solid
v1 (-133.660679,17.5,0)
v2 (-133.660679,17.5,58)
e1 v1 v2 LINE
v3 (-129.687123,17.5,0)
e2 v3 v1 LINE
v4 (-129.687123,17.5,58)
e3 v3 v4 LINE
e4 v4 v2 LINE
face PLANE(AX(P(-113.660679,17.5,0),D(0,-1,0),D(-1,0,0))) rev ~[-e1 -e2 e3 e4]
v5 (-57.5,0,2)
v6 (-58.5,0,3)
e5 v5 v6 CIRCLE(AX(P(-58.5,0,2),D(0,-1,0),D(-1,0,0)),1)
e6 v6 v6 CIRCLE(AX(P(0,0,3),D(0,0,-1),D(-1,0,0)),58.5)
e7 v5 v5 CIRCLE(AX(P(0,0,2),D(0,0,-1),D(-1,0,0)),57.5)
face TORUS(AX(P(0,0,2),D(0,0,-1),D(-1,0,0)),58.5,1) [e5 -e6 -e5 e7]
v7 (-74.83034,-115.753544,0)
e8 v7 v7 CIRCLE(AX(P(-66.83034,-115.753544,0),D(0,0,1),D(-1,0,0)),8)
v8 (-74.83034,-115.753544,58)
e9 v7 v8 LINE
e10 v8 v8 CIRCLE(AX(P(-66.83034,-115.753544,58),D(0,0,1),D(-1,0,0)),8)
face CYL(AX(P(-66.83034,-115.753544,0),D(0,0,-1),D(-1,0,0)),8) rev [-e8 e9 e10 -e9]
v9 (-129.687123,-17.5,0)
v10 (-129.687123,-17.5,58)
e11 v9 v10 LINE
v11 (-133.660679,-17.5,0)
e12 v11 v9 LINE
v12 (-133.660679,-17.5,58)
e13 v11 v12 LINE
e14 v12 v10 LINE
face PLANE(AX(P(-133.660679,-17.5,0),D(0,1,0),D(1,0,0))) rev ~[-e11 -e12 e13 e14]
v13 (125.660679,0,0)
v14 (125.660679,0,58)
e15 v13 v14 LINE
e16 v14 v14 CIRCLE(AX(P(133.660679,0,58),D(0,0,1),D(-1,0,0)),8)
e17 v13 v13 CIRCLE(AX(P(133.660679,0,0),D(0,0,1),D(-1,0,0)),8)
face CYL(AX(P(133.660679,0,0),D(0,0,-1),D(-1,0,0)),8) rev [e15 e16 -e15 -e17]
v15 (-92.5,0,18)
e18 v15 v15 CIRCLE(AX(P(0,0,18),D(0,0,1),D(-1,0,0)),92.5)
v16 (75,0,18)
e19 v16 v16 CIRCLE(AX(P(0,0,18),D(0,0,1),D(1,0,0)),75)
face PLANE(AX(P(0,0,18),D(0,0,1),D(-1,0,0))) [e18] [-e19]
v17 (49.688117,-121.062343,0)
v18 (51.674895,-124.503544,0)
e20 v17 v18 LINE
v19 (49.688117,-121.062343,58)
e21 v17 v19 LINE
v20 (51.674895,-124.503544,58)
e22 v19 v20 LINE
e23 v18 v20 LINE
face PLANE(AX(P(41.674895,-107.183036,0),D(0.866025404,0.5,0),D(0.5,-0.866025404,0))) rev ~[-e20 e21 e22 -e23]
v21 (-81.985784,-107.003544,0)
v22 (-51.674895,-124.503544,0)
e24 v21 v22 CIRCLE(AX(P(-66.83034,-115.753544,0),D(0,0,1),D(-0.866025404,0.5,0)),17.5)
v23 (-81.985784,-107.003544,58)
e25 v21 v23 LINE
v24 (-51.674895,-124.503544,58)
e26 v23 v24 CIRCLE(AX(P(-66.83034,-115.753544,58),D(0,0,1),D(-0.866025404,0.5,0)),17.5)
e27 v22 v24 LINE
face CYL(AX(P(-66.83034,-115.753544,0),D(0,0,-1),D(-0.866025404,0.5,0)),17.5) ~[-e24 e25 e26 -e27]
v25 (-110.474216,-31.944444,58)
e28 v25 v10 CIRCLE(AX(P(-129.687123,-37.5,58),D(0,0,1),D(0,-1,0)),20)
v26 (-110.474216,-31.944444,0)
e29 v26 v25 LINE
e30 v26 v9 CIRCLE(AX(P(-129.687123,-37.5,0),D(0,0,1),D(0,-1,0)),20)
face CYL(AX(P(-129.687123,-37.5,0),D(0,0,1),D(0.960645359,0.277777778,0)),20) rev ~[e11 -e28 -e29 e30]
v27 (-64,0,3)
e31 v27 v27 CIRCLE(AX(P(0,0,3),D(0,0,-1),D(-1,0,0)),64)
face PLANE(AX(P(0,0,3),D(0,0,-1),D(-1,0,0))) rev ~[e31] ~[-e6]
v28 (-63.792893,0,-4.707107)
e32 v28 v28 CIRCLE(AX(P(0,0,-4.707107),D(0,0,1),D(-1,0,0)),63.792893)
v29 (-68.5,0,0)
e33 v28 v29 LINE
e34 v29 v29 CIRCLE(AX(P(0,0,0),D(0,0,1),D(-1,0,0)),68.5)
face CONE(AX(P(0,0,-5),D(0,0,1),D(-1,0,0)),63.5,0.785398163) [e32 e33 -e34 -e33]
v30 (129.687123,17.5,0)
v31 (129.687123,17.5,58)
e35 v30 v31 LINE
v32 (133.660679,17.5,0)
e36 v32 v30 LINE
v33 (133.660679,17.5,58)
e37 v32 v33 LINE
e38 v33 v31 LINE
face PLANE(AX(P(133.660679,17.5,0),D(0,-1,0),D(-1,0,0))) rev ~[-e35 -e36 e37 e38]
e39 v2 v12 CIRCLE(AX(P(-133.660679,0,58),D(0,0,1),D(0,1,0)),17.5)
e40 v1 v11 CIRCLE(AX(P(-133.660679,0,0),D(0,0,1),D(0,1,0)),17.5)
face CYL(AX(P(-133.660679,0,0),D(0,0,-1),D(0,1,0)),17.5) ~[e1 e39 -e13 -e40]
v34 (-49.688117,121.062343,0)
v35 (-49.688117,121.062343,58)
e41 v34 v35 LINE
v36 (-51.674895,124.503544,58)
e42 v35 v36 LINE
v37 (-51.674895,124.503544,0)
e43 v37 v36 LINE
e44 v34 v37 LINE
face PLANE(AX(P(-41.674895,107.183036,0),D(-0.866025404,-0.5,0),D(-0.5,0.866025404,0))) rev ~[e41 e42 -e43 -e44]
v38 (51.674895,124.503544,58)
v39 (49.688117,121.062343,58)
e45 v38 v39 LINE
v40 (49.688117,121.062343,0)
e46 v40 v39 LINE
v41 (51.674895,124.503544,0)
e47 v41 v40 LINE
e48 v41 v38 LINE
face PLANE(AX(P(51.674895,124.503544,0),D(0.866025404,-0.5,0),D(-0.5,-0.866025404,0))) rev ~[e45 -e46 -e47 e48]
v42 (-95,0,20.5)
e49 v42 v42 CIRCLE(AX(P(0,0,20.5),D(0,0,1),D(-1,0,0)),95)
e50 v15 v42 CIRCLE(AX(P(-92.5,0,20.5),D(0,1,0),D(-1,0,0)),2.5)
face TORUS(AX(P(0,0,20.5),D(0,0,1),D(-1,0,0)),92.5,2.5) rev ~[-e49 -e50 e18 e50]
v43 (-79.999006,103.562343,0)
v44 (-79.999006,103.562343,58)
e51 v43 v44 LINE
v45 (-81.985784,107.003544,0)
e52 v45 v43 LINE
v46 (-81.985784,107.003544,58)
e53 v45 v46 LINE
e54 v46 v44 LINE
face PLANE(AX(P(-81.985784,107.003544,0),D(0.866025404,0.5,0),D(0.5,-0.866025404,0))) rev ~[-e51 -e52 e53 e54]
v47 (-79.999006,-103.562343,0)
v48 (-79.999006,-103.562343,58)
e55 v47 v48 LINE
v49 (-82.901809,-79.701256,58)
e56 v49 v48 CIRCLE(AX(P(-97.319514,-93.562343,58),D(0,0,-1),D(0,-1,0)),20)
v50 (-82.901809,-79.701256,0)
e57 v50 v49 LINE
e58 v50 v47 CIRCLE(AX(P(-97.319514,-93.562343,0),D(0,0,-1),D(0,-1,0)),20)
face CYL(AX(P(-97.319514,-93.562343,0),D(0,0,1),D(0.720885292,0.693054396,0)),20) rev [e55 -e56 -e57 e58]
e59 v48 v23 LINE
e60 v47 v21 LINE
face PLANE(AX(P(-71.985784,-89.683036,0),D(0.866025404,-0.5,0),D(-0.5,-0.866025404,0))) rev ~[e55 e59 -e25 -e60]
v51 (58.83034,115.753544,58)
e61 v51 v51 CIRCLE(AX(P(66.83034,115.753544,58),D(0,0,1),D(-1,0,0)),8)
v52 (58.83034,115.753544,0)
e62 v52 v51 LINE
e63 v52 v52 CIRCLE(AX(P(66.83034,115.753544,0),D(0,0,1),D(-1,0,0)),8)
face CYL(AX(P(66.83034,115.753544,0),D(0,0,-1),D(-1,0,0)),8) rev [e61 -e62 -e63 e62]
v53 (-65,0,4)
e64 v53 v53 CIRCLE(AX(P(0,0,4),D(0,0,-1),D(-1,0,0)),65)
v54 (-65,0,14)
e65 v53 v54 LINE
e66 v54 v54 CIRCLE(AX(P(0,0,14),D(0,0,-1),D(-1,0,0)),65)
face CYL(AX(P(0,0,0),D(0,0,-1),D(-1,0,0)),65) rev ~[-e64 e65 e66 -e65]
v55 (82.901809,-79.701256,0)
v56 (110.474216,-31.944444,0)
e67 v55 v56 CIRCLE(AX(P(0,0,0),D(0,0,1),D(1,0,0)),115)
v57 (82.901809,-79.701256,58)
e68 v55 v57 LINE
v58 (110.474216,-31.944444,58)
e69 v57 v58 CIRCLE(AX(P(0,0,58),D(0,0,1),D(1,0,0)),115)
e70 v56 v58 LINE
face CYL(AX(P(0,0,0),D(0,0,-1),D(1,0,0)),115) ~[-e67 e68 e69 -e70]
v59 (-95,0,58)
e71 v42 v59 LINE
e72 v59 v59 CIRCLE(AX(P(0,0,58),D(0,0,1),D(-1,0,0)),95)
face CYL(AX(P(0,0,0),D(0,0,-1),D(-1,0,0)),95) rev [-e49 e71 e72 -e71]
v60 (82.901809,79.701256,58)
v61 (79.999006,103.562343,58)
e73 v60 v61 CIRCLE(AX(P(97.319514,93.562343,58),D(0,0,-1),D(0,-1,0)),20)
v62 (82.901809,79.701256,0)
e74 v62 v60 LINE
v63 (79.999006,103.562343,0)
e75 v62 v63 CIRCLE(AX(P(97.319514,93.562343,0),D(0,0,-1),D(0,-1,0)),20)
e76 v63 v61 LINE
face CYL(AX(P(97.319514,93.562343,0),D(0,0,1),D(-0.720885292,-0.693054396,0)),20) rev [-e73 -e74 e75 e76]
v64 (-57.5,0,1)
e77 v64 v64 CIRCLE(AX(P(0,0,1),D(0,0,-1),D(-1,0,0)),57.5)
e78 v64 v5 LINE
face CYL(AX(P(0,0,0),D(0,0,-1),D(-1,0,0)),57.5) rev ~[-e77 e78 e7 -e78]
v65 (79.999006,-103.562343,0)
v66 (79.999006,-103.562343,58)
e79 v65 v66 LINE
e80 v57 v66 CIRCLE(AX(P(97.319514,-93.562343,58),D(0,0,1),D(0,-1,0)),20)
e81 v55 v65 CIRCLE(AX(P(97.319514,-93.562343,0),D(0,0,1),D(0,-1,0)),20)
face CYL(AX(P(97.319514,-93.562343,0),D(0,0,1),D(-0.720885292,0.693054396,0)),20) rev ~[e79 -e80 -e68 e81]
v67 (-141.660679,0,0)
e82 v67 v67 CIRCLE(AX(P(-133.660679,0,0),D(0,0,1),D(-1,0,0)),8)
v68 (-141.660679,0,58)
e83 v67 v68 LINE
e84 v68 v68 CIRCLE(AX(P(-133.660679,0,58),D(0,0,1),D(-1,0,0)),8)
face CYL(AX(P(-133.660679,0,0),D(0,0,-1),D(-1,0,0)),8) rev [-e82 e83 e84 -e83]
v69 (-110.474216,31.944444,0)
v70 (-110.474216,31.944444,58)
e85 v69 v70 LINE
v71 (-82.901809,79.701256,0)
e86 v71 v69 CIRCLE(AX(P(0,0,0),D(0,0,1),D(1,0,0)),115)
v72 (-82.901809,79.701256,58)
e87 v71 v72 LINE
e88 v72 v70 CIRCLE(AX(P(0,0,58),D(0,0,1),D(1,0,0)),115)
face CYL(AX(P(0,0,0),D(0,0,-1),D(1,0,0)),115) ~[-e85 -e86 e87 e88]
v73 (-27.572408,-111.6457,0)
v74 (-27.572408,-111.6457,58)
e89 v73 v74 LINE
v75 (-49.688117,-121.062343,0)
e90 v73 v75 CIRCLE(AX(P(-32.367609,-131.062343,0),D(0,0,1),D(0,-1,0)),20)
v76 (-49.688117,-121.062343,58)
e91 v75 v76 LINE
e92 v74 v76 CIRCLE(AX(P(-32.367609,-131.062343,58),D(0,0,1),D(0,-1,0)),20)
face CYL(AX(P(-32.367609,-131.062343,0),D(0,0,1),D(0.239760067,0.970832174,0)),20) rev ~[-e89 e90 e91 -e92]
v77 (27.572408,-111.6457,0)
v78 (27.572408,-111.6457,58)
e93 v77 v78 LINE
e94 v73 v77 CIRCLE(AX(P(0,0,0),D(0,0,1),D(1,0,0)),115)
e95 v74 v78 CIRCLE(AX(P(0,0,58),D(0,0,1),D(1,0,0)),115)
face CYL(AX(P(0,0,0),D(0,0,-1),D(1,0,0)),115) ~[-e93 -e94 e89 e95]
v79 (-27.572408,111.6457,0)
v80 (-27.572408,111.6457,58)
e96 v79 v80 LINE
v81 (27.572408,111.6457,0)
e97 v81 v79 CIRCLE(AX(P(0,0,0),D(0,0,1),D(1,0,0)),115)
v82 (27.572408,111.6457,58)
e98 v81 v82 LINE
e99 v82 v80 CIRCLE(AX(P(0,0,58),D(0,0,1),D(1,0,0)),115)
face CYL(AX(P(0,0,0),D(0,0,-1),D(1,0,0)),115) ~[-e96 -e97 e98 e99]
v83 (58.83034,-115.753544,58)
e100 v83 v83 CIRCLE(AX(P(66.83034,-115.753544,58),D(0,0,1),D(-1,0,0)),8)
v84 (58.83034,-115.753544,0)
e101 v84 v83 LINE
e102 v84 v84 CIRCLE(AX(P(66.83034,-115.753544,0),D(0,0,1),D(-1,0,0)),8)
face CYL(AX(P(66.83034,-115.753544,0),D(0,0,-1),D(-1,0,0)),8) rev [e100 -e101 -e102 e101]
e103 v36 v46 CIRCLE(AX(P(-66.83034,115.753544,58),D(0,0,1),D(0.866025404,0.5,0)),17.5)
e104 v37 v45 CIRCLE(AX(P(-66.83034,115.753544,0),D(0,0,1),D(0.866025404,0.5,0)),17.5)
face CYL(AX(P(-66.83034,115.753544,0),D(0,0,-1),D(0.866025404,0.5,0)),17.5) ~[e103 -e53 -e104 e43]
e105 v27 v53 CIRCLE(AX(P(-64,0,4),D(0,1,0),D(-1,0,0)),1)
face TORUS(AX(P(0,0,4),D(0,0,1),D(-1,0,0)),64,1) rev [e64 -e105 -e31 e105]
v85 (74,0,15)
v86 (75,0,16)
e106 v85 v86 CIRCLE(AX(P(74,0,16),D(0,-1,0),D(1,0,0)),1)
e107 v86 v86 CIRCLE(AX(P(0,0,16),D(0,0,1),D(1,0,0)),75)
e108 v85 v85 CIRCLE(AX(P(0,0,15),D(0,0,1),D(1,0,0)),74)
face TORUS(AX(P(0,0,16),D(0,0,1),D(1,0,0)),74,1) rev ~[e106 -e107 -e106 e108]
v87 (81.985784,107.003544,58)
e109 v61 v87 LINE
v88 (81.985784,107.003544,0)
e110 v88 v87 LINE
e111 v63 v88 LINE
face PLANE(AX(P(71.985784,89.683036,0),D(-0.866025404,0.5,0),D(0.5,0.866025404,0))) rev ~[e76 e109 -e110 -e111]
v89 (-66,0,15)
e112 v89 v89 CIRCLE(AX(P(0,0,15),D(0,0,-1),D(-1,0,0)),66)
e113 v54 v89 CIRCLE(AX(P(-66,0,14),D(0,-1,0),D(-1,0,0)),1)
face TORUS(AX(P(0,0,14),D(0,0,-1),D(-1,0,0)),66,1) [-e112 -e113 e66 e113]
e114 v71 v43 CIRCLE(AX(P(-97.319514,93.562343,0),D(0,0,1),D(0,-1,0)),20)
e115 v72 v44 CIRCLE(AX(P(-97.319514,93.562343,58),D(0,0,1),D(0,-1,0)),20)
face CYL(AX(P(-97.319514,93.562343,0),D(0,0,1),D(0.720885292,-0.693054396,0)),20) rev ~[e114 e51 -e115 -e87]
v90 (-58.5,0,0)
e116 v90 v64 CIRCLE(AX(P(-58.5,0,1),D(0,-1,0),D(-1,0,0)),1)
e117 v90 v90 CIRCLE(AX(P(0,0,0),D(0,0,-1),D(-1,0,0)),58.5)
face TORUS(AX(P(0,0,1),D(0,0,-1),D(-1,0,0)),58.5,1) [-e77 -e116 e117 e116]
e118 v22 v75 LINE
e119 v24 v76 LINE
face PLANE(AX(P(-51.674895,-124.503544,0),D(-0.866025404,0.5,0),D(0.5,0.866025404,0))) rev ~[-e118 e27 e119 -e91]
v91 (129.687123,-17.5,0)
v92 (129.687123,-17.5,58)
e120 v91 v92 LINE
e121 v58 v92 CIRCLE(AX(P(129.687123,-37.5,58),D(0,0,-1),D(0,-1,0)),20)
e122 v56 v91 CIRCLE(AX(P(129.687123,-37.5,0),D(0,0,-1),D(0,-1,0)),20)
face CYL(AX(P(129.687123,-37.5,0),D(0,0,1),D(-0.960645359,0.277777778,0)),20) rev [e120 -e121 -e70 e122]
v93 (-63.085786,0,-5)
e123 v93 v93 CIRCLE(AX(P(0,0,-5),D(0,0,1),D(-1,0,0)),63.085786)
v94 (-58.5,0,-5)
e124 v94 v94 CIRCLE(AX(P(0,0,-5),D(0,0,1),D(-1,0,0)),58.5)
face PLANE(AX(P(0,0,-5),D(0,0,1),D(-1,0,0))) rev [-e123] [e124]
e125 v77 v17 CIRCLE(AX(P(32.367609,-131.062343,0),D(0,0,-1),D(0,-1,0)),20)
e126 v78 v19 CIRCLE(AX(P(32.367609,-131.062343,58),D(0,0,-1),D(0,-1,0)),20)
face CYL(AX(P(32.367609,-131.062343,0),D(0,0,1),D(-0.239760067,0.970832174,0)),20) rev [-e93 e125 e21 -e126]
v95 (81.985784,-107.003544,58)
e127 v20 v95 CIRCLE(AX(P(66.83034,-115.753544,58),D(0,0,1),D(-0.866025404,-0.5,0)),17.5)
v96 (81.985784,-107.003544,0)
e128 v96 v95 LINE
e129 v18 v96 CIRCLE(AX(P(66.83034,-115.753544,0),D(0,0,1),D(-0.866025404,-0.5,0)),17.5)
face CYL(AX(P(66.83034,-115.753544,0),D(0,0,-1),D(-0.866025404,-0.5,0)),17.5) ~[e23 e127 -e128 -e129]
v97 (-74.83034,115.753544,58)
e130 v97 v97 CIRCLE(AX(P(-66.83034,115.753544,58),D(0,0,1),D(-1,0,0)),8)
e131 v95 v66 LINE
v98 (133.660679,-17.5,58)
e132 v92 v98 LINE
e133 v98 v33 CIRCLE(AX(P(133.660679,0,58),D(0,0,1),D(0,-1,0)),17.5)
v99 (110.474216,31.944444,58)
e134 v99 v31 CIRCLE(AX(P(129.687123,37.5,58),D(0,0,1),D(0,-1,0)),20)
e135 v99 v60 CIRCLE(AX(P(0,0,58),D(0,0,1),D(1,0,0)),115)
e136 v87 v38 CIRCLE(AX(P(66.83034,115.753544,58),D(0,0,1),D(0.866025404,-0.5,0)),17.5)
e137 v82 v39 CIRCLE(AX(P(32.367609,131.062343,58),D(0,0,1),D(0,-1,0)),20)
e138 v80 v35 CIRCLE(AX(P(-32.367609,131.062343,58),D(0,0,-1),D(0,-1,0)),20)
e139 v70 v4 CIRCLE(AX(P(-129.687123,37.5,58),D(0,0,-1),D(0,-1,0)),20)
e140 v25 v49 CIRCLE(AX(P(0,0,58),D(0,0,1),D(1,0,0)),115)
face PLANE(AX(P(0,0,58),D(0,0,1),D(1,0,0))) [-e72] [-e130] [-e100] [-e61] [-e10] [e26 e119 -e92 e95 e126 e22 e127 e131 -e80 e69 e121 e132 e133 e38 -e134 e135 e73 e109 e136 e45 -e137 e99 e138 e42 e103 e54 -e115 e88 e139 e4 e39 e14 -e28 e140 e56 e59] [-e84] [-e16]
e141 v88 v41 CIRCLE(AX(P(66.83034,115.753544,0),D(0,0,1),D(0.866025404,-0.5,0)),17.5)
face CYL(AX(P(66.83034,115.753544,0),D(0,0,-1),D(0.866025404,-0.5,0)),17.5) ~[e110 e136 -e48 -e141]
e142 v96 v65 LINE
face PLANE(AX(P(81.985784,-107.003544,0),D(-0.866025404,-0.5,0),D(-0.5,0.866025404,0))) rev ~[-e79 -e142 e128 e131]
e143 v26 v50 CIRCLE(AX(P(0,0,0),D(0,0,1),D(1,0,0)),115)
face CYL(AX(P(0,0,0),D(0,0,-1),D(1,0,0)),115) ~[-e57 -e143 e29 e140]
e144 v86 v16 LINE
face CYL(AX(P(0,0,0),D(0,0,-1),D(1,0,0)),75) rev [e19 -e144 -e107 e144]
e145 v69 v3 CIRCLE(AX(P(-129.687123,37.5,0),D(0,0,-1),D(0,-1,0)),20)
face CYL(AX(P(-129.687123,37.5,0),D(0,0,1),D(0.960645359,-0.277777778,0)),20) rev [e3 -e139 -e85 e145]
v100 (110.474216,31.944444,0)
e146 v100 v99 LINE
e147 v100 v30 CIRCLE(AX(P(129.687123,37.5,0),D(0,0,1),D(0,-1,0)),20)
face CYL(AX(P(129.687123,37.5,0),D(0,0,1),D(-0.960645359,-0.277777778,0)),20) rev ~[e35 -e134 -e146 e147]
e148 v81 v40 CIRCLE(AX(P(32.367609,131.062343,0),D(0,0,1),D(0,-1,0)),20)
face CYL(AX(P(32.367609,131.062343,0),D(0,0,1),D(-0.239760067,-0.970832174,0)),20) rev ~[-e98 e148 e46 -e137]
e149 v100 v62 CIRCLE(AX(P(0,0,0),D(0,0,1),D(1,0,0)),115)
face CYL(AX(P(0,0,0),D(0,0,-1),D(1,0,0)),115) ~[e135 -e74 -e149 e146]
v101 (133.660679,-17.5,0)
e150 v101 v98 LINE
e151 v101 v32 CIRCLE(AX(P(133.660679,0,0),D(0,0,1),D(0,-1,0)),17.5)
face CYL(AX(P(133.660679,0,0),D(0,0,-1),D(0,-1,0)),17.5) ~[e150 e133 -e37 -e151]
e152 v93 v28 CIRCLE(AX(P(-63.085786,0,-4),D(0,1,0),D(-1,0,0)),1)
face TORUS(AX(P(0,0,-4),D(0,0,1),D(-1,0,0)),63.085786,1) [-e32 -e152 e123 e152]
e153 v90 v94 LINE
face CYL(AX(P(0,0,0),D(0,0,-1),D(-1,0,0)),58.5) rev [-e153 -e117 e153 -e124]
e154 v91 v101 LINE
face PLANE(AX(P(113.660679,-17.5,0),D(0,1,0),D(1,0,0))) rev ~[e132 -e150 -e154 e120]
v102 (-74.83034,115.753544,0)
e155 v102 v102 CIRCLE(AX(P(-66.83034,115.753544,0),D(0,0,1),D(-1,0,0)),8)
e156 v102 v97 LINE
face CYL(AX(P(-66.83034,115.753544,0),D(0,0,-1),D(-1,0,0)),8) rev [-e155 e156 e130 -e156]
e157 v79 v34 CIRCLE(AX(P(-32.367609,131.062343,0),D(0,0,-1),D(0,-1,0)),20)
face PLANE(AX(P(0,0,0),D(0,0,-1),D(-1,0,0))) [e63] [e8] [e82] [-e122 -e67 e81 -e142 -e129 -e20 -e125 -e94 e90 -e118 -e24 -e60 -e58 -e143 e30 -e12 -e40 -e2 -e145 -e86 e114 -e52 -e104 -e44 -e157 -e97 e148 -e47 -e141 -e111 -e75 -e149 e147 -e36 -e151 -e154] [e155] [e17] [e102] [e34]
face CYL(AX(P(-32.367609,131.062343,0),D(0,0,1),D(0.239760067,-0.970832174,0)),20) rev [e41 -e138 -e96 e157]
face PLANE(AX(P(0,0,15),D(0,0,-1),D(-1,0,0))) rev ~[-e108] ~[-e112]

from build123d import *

# Parameters (mm, degrees)
SKETCH1_R           = 8
SKETCH1_R_2         = 95
BOSS_EXTRUDE1_DEPTH = 58
FILLET5_R           = 20
SKETCH1_3_R         = 95
SKETCH1_3_R_2       = 75
BOSS_EXTRUDE2_DEPTH = 18
FILLET1_R           = 2.5
SKETCH2_R           = 75
SKETCH2_R_2         = 65
BOSS_EXTRUDE3_DEPTH = 15
SKETCH2_3_R         = 75
SKETCH2_3_R_2       = 57.5
BOSS_EXTRUDE4_DEPTH = 3
FILLET3_R           = 1
FILLET7_R           = 1


with BuildPart() as part:
    # Sketch1 → Boss-Extrude1 (new body)
    with BuildSketch(Plane.XY):
        with BuildLine():
            Line((133.660679217, 17.5), (113.660679217, 17.5))
            ThreePointArc((113.660679217, 17.5), (99.592921435, 57.5), (71.985784175, 89.683035613))
            Line((71.985784175, 89.683035613), (81.985784175, 107.003543689))
            ThreePointArc((81.985784175, 107.003543689), (75.580339608, 130.908988255), (51.674895042, 124.503543689))
            Line((51.674895042, 124.503543689), (41.674895042, 107.183035613))
            ThreePointArc((41.674895042, 107.183035613), (0, 115), (-41.674895042, 107.183035613))
            Line((-41.674895042, 107.183035613), (-51.674895042, 124.503543689))
            ThreePointArc((-51.674895042, 124.503543689), (-75.580339608, 130.908988255), (-81.985784175, 107.003543689))
            Line((-81.985784175, 107.003543689), (-71.985784175, 89.683035613))
            ThreePointArc((-71.985784175, 89.683035613), (-99.592921435, 57.5), (-113.660679217, 17.5))
            Line((-113.660679217, 17.5), (-133.660679217, 17.5))
            ThreePointArc((-133.660679217, 17.5), (-151.160679217, 0), (-133.660679217, -17.5))
            Line((-133.660679217, -17.5), (-113.660679217, -17.5))
            ThreePointArc((-113.660679217, -17.5), (-99.592921435, -57.5), (-71.985784175, -89.683035613))
            Line((-71.985784175, -89.683035613), (-81.985784175, -107.003543689))
            ThreePointArc((-81.985784175, -107.003543689), (-75.580339608, -130.908988255), (-51.674895042, -124.503543689))
            Line((-51.674895042, -124.503543689), (-41.674895042, -107.183035613))
            ThreePointArc((-41.674895042, -107.183035613), (0, -115), (41.674895042, -107.183035613))
            Line((41.674895042, -107.183035613), (51.674895042, -124.503543689))
            ThreePointArc((51.674895042, -124.503543689), (75.580339608, -130.908988255), (81.985784175, -107.003543689))
            Line((81.985784175, -107.003543689), (71.985784175, -89.683035613))
            ThreePointArc((71.985784175, -89.683035613), (99.592921435, -57.5), (113.660679217, -17.5))
            Line((113.660679217, -17.5), (133.660679217, -17.5))
            ThreePointArc((133.660679217, -17.5), (151.160679217, 0), (133.660679217, 17.5))
        make_face()
        with Locations((133.660679217, 0)):
            Circle(SKETCH1_R, mode=Mode.SUBTRACT)
        Circle(SKETCH1_R_2, mode=Mode.SUBTRACT)
        with Locations((66.830339608, -115.753543689)):
            Circle(SKETCH1_R, mode=Mode.SUBTRACT)
        with Locations((-66.830339608, -115.753543689)):
            Circle(SKETCH1_R, mode=Mode.SUBTRACT)
        with Locations((-133.660679217, 0)):
            Circle(SKETCH1_R, mode=Mode.SUBTRACT)
        with Locations((-66.830339608, 115.753543689)):
            Circle(SKETCH1_R, mode=Mode.SUBTRACT)
        with Locations((66.830339608, 115.753543689)):
            Circle(SKETCH1_R, mode=Mode.SUBTRACT)
    extrude(amount=BOSS_EXTRUDE1_DEPTH)

    # Fillet5
    fillet5_edges = [part.edges().sort_by_distance(p)[0] for p in [
        (71.985784175, 89.683035613, 29),
        (41.674895042, 107.183035613, 29),
        (-41.674895042, 107.183035613, 29),
        (-71.985784175, 89.683035613, 29),
        (-113.660679217, 17.5, 29),
        (-113.660679217, -17.5, 29),
        (-71.985784175, -89.683035613, 29),
        (-41.674895042, -107.183035613, 29),
        (41.674895042, -107.183035613, 29),
        (71.985784175, -89.683035613, 29),
        (113.660679217, -17.5, 29),
        (113.660679217, 17.5, 29),
    ]]
    fillet(fillet5_edges, radius=FILLET5_R)

    # Sketch1<3> → Boss-Extrude2 (add)
    with BuildSketch(Plane.XY):
        Circle(SKETCH1_3_R)
        Circle(SKETCH1_3_R_2, mode=Mode.SUBTRACT)
    extrude(amount=BOSS_EXTRUDE2_DEPTH)

    # Fillet1
    fillet1_edges = [part.edges().sort_by_distance(p)[0] for p in [
        (-95, 0, 18),
    ]]
    fillet(fillet1_edges, radius=FILLET1_R)

    # Sketch2 → Boss-Extrude3 (add)
    with BuildSketch(Plane(origin=(0, 0, 0), x_dir=(-1, 0, 0), z_dir=(0, 0, -1))):
        Circle(SKETCH2_R)
        Circle(SKETCH2_R_2, mode=Mode.SUBTRACT)
    extrude(amount=-BOSS_EXTRUDE3_DEPTH)

    # Sketch2<3> → Boss-Extrude4 (add)
    with BuildSketch(Plane(origin=(0, 0, 0), x_dir=(-1, 0, 0), z_dir=(0, 0, -1))):
        Circle(SKETCH2_3_R)
        Circle(SKETCH2_3_R_2, mode=Mode.SUBTRACT)
    extrude(amount=-BOSS_EXTRUDE4_DEPTH)

    # Fillet3
    fillet3_edges = [part.edges().sort_by_distance(p)[0] for p in [
        (-75, 0, 15),
        (65, 0, 15),
        (57.5, 0, 0),
        (57.5, 0, 3),
        (65, 0, 3),
    ]]
    fillet(fillet3_edges, radius=FILLET3_R)

    # Sketch9 → Revolve1 (revolve)
    with BuildSketch(Plane(origin=(0, 0, 0), x_dir=(1, 0, 0), z_dir=(0, 1, 0))):
        Polygon((-58.5, 0), (-58.5, 5), (-63.5, 5), (-68.5, 0), align=None)
    revolve(axis=Axis((0, 0, -8.15), (0, 0, 1)))

    # Fillet7
    fillet7_edges = [part.edges().sort_by_distance(p)[0] for p in [
        (63.5, 0, -5),
    ]]
    fillet(fillet7_edges, radius=FILLET7_R)


solid = part.part
